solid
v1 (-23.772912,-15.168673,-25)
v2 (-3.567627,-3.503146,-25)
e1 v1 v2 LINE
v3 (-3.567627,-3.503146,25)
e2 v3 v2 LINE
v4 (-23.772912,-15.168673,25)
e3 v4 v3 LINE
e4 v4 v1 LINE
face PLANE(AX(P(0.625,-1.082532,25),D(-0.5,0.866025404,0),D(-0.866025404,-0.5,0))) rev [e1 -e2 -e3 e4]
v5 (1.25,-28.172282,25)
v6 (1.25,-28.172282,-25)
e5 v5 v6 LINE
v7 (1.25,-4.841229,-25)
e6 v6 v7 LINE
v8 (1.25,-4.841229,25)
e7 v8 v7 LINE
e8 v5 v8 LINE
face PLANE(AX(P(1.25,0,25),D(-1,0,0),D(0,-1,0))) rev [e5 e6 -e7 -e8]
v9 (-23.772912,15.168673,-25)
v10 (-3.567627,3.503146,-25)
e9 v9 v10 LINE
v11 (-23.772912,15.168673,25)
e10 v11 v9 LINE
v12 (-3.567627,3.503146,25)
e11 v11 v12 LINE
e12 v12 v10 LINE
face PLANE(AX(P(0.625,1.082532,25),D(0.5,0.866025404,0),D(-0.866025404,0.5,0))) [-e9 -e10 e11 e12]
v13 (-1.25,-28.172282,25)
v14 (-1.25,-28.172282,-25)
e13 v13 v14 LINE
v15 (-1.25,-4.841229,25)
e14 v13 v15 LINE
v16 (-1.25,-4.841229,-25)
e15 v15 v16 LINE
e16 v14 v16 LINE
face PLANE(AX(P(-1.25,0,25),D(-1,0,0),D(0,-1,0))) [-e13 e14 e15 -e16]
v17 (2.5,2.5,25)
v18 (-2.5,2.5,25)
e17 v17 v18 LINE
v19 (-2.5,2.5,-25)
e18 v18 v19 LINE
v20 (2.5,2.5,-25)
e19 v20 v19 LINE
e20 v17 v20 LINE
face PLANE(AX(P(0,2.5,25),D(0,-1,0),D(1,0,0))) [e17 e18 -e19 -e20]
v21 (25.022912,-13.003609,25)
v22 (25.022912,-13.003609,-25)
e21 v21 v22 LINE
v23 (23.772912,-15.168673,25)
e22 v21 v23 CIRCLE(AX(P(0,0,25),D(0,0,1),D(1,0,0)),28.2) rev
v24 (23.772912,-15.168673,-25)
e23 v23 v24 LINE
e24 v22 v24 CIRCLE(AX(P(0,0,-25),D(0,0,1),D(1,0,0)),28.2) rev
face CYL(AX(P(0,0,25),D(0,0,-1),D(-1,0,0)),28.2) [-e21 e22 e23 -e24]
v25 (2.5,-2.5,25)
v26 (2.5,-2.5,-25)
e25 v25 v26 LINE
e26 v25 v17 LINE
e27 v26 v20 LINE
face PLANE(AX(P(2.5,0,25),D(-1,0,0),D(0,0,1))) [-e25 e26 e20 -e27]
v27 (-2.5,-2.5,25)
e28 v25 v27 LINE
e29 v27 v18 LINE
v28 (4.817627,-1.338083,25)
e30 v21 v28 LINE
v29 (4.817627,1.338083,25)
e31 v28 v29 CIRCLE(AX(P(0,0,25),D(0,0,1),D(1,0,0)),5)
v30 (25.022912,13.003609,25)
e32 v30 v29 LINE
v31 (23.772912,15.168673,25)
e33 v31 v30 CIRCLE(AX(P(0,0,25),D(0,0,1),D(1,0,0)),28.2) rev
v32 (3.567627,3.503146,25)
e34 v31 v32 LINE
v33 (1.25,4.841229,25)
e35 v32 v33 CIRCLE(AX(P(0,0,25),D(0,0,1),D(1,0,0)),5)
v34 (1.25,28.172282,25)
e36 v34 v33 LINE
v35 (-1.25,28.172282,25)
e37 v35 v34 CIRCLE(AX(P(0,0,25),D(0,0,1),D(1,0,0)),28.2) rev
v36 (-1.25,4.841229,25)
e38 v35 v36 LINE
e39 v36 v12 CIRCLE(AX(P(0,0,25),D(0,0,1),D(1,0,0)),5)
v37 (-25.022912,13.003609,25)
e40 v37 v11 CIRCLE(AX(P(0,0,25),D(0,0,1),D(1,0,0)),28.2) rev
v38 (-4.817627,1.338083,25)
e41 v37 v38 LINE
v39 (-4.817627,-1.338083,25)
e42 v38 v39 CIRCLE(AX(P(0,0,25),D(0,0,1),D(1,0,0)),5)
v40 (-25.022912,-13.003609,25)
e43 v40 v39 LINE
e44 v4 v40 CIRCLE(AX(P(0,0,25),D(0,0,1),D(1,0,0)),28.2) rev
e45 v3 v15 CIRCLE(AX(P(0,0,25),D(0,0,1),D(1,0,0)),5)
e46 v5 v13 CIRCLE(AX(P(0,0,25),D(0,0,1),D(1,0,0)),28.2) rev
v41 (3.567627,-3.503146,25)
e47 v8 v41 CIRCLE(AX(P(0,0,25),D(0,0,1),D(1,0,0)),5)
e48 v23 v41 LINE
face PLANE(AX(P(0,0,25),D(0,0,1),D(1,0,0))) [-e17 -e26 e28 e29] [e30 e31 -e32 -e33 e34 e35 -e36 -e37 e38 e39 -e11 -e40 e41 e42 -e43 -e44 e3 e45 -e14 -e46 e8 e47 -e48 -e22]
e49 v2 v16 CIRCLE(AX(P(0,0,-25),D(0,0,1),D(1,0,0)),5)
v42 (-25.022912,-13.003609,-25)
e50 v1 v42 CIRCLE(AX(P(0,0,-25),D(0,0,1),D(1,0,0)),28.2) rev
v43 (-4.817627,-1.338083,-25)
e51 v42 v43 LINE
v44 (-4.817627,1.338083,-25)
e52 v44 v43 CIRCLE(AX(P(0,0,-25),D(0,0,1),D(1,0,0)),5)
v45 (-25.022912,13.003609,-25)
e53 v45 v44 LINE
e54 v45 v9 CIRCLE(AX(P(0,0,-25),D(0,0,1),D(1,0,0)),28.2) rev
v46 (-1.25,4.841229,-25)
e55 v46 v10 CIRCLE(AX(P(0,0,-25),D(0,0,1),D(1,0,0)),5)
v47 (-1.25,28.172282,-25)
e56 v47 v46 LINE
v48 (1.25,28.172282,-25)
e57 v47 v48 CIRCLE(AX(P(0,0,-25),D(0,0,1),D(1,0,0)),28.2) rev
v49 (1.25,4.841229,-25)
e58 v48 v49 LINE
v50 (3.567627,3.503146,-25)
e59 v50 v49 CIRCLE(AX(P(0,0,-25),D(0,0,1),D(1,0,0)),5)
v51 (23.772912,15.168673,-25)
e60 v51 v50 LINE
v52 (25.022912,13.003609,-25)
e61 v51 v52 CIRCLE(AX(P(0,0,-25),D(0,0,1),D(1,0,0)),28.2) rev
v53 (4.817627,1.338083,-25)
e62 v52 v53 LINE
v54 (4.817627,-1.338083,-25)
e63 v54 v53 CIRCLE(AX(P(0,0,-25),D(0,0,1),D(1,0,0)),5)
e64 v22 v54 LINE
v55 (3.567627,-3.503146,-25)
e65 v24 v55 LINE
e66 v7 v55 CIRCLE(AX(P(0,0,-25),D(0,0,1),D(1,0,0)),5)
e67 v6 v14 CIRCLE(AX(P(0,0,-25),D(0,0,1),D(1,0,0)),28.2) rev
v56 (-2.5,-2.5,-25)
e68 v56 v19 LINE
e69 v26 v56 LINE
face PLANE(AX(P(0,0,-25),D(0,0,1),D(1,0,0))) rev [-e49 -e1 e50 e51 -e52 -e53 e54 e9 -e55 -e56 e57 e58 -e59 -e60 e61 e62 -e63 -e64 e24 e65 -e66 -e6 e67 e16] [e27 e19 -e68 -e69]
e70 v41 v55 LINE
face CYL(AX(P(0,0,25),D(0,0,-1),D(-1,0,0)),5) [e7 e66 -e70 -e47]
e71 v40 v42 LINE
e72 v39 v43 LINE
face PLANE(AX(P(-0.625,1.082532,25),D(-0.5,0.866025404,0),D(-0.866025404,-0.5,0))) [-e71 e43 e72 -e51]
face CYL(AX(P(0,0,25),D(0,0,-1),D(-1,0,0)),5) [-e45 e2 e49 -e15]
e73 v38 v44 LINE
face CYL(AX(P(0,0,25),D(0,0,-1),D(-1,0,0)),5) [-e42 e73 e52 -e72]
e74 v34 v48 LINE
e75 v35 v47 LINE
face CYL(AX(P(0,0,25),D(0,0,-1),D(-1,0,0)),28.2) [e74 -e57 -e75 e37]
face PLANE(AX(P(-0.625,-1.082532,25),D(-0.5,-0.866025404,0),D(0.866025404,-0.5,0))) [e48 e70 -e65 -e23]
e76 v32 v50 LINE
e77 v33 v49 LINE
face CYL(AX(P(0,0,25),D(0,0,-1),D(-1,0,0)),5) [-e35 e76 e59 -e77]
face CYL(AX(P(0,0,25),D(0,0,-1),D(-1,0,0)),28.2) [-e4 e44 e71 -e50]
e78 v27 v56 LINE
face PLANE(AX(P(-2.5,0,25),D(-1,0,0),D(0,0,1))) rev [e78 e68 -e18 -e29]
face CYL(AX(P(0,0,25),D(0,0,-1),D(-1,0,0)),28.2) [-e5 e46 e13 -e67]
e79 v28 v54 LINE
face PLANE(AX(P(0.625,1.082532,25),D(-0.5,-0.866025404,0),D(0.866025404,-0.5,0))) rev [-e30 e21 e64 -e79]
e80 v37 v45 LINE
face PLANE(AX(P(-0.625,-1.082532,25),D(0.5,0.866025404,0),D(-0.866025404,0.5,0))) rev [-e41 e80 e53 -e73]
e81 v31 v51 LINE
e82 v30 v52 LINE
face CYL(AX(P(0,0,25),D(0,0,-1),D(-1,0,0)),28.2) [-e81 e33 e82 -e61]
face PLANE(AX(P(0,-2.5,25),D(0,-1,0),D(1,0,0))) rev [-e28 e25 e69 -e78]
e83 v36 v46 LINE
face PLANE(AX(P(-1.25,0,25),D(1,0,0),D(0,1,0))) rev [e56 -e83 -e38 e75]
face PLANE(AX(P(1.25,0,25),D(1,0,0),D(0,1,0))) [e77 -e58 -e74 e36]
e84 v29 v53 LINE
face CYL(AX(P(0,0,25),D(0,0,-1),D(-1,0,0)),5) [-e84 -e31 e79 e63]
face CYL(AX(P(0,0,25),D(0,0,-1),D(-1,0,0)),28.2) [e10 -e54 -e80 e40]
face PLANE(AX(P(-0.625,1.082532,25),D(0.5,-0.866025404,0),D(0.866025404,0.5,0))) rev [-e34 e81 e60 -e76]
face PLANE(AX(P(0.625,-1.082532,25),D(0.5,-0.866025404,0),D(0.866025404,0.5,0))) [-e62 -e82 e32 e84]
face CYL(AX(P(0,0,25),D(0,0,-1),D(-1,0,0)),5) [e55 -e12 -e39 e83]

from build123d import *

# Parameters (mm, degrees)
ESQUISSE1_W        = 5
ESQUISSE1_H        = 5
BOSS_EXTRU_1_DEPTH = 25


with BuildPart() as part:
    # Esquisse1 → Boss.-Extru.1 (new, symmetric)
    with BuildSketch(Plane.XY):
        with BuildLine():
            Line((25.022912308, -13.003609484), (4.817627458, -1.338082837))
            ThreePointArc((4.817627458, -1.338082837), (5, 0), (4.817627458, 1.338082837))
            Line((4.817627458, 1.338082837), (25.022912308, 13.003609484))
            ThreePointArc((25.022912308, 13.003609484), (24.421916387, 14.1), (23.772912308, 15.168672994))
            Line((23.772912308, 15.168672994), (3.567627458, 3.503146346))
            ThreePointArc((3.567627458, 3.503146346), (2.5, 4.330127019), (1.25, 4.841229183))
            Line((1.25, 4.841229183), (1.25, 28.172282478))
            ThreePointArc((1.25, 28.172282478), (0, 28.2), (-1.25, 28.172282478))
            Line((-1.25, 28.172282478), (-1.25, 4.841229183))
            ThreePointArc((-1.25, 4.841229183), (-2.5, 4.330127019), (-3.567627458, 3.503146346))
            Line((-3.567627458, 3.503146346), (-23.772912308, 15.168672994))
            ThreePointArc((-23.772912308, 15.168672994), (-24.421916387, 14.1), (-25.022912308, 13.003609484))
            Line((-25.022912308, 13.003609484), (-4.817627458, 1.338082837))
            ThreePointArc((-4.817627458, 1.338082837), (-5, 0), (-4.817627458, -1.338082837))
            Line((-4.817627458, -1.338082837), (-25.022912308, -13.003609484))
            ThreePointArc((-25.022912308, -13.003609484), (-24.421916387, -14.1), (-23.772912308, -15.168672994))
            Line((-23.772912308, -15.168672994), (-3.567627458, -3.503146346))
            ThreePointArc((-3.567627458, -3.503146346), (-2.5, -4.330127019), (-1.25, -4.841229183))
            Line((-1.25, -4.841229183), (-1.25, -28.172282478))
            ThreePointArc((-1.25, -28.172282478), (0, -28.2), (1.25, -28.172282478))
            Line((1.25, -28.172282478), (1.25, -4.841229183))
            ThreePointArc((1.25, -4.841229183), (2.5, -4.330127019), (3.567627458, -3.503146346))
            Line((3.567627458, -3.503146346), (23.772912308, -15.168672994))
            ThreePointArc((23.772912308, -15.168672994), (24.421916387, -14.1), (25.022912308, -13.003609484))
        make_face()
        Rectangle(ESQUISSE1_W, ESQUISSE1_H, mode=Mode.SUBTRACT)
    extrude(amount=BOSS_EXTRU_1_DEPTH, both=True)


solid = part.part
